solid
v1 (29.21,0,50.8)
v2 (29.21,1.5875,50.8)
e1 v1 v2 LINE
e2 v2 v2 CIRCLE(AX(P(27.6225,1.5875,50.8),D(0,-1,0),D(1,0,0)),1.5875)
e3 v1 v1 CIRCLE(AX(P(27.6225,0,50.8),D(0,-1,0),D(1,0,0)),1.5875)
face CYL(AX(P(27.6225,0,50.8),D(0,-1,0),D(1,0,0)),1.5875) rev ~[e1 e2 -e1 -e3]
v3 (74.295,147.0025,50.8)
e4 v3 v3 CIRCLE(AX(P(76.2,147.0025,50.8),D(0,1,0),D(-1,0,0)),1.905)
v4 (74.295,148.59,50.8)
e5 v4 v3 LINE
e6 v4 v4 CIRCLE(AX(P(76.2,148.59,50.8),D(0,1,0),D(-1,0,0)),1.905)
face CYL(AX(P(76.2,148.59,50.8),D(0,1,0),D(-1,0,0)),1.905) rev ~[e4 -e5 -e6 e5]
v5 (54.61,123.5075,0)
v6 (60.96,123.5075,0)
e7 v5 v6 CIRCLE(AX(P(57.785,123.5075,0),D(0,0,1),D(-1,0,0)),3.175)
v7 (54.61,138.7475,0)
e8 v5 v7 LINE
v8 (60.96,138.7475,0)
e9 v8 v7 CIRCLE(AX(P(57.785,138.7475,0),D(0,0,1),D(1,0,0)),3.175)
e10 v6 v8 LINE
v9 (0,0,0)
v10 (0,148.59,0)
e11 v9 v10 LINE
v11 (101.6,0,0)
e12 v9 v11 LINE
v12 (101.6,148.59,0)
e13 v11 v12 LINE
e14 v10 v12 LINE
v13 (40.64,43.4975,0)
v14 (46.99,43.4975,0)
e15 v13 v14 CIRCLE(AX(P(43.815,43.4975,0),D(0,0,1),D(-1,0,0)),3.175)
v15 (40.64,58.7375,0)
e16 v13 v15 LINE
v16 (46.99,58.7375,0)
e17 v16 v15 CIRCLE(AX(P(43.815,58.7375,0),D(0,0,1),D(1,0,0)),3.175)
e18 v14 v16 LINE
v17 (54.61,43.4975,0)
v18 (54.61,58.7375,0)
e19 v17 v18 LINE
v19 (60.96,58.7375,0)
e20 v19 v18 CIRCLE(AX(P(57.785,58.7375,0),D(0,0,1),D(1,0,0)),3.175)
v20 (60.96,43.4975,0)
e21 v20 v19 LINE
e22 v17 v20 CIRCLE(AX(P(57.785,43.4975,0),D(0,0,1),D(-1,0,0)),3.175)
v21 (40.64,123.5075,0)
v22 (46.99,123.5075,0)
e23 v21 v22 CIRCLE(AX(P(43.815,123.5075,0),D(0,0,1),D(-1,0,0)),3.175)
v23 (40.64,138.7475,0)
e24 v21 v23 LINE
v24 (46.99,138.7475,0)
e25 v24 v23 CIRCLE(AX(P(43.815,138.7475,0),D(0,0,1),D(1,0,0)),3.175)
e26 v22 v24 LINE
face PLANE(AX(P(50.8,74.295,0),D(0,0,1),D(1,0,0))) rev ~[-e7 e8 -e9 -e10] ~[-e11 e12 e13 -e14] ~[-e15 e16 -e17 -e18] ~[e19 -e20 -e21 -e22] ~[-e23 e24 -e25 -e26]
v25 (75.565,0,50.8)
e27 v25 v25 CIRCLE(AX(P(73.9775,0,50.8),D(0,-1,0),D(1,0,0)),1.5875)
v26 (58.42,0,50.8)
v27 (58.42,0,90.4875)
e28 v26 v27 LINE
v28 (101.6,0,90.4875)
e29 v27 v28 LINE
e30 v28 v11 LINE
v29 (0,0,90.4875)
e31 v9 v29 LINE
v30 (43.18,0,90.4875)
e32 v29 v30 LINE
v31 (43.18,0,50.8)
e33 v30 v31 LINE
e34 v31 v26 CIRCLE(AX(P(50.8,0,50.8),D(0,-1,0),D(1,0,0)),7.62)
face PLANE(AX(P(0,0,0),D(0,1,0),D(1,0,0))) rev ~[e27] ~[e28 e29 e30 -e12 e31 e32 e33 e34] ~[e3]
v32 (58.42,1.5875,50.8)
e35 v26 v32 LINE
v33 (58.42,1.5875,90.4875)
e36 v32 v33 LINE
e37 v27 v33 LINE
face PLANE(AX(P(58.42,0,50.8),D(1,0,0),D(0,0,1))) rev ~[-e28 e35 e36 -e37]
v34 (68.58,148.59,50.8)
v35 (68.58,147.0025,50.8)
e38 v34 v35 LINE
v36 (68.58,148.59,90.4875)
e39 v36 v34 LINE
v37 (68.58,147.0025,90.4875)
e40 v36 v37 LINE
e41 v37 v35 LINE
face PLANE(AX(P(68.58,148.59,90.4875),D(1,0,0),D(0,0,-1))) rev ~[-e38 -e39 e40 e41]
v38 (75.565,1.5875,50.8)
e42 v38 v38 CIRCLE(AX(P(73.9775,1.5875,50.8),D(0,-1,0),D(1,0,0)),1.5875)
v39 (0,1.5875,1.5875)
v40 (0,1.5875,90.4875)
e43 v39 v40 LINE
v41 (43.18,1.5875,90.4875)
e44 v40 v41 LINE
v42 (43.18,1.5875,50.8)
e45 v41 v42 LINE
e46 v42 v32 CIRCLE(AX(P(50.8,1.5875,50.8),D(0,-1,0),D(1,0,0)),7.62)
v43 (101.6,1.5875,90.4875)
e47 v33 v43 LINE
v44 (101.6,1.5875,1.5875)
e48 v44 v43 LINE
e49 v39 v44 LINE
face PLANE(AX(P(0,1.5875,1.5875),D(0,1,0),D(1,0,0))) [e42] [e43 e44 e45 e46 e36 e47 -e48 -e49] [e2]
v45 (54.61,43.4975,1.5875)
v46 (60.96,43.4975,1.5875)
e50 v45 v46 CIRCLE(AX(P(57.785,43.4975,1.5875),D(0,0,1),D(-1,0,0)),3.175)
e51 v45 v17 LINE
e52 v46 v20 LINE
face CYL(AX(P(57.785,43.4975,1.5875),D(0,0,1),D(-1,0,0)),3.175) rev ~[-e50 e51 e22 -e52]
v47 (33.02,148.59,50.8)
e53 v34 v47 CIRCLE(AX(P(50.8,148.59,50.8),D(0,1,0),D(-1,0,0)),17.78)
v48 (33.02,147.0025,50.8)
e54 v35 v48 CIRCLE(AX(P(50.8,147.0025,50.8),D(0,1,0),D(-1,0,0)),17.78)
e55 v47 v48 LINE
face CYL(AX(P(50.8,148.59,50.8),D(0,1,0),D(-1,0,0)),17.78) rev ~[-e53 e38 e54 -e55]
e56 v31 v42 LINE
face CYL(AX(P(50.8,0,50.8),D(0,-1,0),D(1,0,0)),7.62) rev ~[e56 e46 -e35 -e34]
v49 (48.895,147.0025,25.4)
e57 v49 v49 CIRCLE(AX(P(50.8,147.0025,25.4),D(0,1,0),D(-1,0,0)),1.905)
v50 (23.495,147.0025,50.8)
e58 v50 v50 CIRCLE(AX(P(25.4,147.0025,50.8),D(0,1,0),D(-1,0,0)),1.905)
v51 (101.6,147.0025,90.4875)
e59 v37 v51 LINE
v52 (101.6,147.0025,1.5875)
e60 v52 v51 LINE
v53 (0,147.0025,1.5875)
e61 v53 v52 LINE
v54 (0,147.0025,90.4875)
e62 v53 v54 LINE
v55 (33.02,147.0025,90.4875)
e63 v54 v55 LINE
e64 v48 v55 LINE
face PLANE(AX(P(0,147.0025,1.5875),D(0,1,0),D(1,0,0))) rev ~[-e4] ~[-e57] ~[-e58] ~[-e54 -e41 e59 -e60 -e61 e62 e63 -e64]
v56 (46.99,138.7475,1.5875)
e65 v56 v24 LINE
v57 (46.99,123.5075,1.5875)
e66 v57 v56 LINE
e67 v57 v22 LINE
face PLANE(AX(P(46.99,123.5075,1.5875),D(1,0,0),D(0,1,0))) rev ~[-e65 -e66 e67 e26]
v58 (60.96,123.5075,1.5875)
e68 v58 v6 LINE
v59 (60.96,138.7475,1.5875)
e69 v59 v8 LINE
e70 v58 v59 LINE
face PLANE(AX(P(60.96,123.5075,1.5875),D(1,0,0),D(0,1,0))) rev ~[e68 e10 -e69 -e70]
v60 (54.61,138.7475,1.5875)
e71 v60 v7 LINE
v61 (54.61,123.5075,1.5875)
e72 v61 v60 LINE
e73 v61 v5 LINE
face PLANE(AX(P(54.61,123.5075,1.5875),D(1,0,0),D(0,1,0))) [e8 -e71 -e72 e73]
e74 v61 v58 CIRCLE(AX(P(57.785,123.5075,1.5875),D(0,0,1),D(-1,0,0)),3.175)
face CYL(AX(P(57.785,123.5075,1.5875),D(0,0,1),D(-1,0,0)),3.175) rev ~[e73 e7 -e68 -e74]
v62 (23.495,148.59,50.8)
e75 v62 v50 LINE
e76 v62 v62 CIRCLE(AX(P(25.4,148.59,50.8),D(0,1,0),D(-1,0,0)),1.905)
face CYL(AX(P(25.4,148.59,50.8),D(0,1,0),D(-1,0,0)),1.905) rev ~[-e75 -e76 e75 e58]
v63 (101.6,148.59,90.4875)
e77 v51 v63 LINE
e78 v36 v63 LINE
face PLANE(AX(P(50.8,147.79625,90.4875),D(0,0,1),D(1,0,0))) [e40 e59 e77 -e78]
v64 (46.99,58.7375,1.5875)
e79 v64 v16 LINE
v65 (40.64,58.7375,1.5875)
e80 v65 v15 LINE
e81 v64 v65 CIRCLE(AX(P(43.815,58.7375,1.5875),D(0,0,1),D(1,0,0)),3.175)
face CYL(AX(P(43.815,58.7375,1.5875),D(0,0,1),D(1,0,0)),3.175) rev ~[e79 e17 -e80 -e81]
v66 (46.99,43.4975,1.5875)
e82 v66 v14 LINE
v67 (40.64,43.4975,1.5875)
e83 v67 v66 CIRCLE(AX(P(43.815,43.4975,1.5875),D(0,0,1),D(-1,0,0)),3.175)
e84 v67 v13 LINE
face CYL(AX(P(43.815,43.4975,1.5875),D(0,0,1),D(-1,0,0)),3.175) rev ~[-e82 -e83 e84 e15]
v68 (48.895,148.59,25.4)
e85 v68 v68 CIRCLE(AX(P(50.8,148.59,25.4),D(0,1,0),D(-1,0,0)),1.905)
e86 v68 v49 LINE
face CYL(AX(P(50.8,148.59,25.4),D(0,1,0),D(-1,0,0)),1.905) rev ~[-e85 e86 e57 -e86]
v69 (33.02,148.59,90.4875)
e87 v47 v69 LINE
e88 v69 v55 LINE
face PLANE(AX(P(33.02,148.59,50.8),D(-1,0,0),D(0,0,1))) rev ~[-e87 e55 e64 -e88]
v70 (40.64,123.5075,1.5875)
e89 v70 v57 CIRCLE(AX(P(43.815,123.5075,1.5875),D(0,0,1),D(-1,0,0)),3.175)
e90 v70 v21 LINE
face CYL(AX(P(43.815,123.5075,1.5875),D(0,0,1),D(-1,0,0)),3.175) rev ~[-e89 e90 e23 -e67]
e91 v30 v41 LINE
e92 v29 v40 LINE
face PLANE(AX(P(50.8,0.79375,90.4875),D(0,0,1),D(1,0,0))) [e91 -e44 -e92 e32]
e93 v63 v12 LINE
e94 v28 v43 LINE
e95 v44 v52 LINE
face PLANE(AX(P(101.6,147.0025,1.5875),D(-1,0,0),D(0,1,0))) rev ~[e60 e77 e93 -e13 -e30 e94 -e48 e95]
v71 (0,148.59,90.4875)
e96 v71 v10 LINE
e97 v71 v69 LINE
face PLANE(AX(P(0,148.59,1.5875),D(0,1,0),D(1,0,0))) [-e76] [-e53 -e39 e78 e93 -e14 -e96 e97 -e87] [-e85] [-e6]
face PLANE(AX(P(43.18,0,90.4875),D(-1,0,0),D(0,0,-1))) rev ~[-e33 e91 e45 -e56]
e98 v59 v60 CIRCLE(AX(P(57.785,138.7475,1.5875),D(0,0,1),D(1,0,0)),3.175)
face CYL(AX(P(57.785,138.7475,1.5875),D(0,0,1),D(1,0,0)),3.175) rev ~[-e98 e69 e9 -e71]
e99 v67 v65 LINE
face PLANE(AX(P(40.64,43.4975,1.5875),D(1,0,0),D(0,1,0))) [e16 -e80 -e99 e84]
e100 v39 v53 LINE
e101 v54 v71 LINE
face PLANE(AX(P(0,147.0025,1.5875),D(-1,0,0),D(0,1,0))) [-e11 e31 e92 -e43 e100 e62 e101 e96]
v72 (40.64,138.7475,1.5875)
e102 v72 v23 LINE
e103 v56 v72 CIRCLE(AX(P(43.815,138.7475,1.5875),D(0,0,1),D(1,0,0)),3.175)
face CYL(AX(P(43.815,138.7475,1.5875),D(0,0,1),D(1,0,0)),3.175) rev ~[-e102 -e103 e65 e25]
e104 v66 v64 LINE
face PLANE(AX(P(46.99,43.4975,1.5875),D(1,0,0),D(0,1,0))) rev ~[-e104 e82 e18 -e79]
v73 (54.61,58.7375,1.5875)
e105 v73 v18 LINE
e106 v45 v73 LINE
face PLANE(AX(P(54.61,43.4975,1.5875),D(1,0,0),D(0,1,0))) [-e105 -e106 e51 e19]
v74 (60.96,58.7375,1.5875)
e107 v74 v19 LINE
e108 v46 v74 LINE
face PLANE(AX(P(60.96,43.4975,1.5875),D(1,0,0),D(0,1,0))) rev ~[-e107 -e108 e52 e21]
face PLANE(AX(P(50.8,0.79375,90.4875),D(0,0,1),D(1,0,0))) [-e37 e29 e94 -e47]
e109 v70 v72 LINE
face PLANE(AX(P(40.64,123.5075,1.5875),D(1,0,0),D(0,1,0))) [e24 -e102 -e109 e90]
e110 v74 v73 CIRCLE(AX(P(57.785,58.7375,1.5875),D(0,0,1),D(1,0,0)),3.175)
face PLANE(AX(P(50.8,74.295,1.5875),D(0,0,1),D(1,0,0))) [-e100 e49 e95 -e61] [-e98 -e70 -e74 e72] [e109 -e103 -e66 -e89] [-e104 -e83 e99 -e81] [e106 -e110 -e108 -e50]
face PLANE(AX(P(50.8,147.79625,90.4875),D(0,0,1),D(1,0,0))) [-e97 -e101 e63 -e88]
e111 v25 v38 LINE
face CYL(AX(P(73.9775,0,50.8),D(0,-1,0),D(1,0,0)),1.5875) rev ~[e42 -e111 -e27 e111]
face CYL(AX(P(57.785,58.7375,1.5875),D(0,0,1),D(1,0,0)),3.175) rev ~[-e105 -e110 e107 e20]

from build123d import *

# Parameters (mm, degrees)
F0_W      = 101.6
F0_H      = 148.59
F1_DEPTH  = 1.5875
F2_W      = 101.6
F2_H      = 1.5875
F3_DEPTH  = 88.9
F5_R      = 1.905
F6_DEPTH  = 1.5875
F7_R      = 1.5875
F8_DEPTH  = 1.5875
F9_W      = 6.35
F9_H      = 15.24
F10_DEPTH = 1.5875


with BuildPart() as f1:
    # F0 (on Top) → F1 (new body)
    with BuildSketch(Plane.XY):
        with Locations((50.8, 74.295)):
            Rectangle(F0_W, F0_H)
    extrude(amount=F1_DEPTH)

    # F2 (on face) → F3 (join)
    with BuildSketch(Plane.XY.offset(1.5875)):
        with Locations((50.8, 147.79625)):
            Rectangle(F2_W, F2_H)
        with Locations((50.8, 0.79375)):
            Rectangle(F2_W, F2_H)
    extrude(amount=F3_DEPTH)

    # F5 (on face) → F6 (cut, through all)
    with BuildSketch(Plane(origin=(0, 148.59, 0), x_dir=(-1, 0, 0), z_dir=(0, 1, 0))):
        with BuildLine():
            ThreePointArc((-68.58, 50.8), (-50.8, 33.02), (-33.02, 50.8))
            ThreePointArc((-33.02, 50.8), (-50.8, 68.58), (-68.58, 50.8))
        make_face()
        with BuildLine():
            ThreePointArc((-68.58, 50.8), (-50.8, 68.58), (-33.02, 50.8))
            Line((-33.02, 50.8), (-33.02, 90.4875))
            Line((-33.02, 90.4875), (-68.58, 90.4875))
            Line((-68.58, 90.4875), (-68.58, 50.8))
        make_face()
        with Locations((-50.8, 25.4)):
            Circle(F5_R)
        with Locations((-25.4, 50.8)):
            Circle(F5_R)
        with Locations((-76.2, 50.8)):
            Circle(F5_R)
    extrude(amount=-F6_DEPTH, mode=Mode.SUBTRACT)

    # F7 (on face) → F8 (cut, through all)
    with BuildSketch(Plane.XZ):
        with BuildLine():
            ThreePointArc((43.18, 50.8), (50.8, 43.18), (58.42, 50.8))
            ThreePointArc((58.42, 50.8), (50.8, 58.42), (43.18, 50.8))
        make_face()
        with BuildLine():
            ThreePointArc((43.18, 50.8), (50.8, 58.42), (58.42, 50.8))
            Line((58.42, 50.8), (58.42, 90.4875))
            Line((58.42, 90.4875), (43.18, 90.4875))
            Line((43.18, 90.4875), (43.18, 50.8))
        make_face()
        with Locations((73.9775, 50.8)):
            Circle(F7_R)
        with Locations((27.6225, 50.8)):
            Circle(F7_R)
    extrude(amount=-F8_DEPTH, mode=Mode.SUBTRACT)

    # F9 (on face) → F10 (cut, through all)
    with BuildSketch(Plane.XY.offset(1.5875)):
        with BuildLine():
            ThreePointArc((46.99, 138.7475), (43.815, 141.9225), (40.64, 138.7475))
            Line((40.64, 138.7475), (46.99, 138.7475))
        make_face()
        with Locations((43.815, 131.1275)):
            Rectangle(F9_W, F9_H)
        with BuildLine():
            Line((46.99, 123.5075), (40.64, 123.5075))
            ThreePointArc((40.64, 123.5075), (43.815, 120.3325), (46.99, 123.5075))
        make_face()
        with Locations((57.785, 131.1275)):
            Rectangle(F9_W, F9_H)
        with BuildLine():
            Line((54.61, 138.7475), (60.96, 138.7475))
            ThreePointArc((60.96, 138.7475), (57.785, 141.9225), (54.61, 138.7475))
        make_face()
        with BuildLine():
            ThreePointArc((54.61, 123.5075), (57.785, 120.3325), (60.96, 123.5075))
            Line((60.96, 123.5075), (54.61, 123.5075))
        make_face()
        with BuildLine():
            ThreePointArc((54.61, 43.4975), (57.785, 40.3225), (60.96, 43.4975))
            Line((60.96, 43.4975), (54.61, 43.4975))
        make_face()
        with Locations((57.785, 51.1175)):
            Rectangle(F9_W, F9_H)
        with BuildLine():
            Line((54.61, 58.7375), (60.96, 58.7375))
            ThreePointArc((60.96, 58.7375), (57.785, 61.9125), (54.61, 58.7375))
        make_face()
        with BuildLine():
            Line((46.99, 43.4975), (40.64, 43.4975))
            ThreePointArc((40.64, 43.4975), (43.815, 40.3225), (46.99, 43.4975))
        make_face()
        with Locations((43.815, 51.1175)):
            Rectangle(F9_W, F9_H)
        with BuildLine():
            ThreePointArc((46.99, 58.7375), (43.815, 61.9125), (40.64, 58.7375))
            Line((40.64, 58.7375), (46.99, 58.7375))
        make_face()
    extrude(amount=-F10_DEPTH, mode=Mode.SUBTRACT)


solid = f1.part
